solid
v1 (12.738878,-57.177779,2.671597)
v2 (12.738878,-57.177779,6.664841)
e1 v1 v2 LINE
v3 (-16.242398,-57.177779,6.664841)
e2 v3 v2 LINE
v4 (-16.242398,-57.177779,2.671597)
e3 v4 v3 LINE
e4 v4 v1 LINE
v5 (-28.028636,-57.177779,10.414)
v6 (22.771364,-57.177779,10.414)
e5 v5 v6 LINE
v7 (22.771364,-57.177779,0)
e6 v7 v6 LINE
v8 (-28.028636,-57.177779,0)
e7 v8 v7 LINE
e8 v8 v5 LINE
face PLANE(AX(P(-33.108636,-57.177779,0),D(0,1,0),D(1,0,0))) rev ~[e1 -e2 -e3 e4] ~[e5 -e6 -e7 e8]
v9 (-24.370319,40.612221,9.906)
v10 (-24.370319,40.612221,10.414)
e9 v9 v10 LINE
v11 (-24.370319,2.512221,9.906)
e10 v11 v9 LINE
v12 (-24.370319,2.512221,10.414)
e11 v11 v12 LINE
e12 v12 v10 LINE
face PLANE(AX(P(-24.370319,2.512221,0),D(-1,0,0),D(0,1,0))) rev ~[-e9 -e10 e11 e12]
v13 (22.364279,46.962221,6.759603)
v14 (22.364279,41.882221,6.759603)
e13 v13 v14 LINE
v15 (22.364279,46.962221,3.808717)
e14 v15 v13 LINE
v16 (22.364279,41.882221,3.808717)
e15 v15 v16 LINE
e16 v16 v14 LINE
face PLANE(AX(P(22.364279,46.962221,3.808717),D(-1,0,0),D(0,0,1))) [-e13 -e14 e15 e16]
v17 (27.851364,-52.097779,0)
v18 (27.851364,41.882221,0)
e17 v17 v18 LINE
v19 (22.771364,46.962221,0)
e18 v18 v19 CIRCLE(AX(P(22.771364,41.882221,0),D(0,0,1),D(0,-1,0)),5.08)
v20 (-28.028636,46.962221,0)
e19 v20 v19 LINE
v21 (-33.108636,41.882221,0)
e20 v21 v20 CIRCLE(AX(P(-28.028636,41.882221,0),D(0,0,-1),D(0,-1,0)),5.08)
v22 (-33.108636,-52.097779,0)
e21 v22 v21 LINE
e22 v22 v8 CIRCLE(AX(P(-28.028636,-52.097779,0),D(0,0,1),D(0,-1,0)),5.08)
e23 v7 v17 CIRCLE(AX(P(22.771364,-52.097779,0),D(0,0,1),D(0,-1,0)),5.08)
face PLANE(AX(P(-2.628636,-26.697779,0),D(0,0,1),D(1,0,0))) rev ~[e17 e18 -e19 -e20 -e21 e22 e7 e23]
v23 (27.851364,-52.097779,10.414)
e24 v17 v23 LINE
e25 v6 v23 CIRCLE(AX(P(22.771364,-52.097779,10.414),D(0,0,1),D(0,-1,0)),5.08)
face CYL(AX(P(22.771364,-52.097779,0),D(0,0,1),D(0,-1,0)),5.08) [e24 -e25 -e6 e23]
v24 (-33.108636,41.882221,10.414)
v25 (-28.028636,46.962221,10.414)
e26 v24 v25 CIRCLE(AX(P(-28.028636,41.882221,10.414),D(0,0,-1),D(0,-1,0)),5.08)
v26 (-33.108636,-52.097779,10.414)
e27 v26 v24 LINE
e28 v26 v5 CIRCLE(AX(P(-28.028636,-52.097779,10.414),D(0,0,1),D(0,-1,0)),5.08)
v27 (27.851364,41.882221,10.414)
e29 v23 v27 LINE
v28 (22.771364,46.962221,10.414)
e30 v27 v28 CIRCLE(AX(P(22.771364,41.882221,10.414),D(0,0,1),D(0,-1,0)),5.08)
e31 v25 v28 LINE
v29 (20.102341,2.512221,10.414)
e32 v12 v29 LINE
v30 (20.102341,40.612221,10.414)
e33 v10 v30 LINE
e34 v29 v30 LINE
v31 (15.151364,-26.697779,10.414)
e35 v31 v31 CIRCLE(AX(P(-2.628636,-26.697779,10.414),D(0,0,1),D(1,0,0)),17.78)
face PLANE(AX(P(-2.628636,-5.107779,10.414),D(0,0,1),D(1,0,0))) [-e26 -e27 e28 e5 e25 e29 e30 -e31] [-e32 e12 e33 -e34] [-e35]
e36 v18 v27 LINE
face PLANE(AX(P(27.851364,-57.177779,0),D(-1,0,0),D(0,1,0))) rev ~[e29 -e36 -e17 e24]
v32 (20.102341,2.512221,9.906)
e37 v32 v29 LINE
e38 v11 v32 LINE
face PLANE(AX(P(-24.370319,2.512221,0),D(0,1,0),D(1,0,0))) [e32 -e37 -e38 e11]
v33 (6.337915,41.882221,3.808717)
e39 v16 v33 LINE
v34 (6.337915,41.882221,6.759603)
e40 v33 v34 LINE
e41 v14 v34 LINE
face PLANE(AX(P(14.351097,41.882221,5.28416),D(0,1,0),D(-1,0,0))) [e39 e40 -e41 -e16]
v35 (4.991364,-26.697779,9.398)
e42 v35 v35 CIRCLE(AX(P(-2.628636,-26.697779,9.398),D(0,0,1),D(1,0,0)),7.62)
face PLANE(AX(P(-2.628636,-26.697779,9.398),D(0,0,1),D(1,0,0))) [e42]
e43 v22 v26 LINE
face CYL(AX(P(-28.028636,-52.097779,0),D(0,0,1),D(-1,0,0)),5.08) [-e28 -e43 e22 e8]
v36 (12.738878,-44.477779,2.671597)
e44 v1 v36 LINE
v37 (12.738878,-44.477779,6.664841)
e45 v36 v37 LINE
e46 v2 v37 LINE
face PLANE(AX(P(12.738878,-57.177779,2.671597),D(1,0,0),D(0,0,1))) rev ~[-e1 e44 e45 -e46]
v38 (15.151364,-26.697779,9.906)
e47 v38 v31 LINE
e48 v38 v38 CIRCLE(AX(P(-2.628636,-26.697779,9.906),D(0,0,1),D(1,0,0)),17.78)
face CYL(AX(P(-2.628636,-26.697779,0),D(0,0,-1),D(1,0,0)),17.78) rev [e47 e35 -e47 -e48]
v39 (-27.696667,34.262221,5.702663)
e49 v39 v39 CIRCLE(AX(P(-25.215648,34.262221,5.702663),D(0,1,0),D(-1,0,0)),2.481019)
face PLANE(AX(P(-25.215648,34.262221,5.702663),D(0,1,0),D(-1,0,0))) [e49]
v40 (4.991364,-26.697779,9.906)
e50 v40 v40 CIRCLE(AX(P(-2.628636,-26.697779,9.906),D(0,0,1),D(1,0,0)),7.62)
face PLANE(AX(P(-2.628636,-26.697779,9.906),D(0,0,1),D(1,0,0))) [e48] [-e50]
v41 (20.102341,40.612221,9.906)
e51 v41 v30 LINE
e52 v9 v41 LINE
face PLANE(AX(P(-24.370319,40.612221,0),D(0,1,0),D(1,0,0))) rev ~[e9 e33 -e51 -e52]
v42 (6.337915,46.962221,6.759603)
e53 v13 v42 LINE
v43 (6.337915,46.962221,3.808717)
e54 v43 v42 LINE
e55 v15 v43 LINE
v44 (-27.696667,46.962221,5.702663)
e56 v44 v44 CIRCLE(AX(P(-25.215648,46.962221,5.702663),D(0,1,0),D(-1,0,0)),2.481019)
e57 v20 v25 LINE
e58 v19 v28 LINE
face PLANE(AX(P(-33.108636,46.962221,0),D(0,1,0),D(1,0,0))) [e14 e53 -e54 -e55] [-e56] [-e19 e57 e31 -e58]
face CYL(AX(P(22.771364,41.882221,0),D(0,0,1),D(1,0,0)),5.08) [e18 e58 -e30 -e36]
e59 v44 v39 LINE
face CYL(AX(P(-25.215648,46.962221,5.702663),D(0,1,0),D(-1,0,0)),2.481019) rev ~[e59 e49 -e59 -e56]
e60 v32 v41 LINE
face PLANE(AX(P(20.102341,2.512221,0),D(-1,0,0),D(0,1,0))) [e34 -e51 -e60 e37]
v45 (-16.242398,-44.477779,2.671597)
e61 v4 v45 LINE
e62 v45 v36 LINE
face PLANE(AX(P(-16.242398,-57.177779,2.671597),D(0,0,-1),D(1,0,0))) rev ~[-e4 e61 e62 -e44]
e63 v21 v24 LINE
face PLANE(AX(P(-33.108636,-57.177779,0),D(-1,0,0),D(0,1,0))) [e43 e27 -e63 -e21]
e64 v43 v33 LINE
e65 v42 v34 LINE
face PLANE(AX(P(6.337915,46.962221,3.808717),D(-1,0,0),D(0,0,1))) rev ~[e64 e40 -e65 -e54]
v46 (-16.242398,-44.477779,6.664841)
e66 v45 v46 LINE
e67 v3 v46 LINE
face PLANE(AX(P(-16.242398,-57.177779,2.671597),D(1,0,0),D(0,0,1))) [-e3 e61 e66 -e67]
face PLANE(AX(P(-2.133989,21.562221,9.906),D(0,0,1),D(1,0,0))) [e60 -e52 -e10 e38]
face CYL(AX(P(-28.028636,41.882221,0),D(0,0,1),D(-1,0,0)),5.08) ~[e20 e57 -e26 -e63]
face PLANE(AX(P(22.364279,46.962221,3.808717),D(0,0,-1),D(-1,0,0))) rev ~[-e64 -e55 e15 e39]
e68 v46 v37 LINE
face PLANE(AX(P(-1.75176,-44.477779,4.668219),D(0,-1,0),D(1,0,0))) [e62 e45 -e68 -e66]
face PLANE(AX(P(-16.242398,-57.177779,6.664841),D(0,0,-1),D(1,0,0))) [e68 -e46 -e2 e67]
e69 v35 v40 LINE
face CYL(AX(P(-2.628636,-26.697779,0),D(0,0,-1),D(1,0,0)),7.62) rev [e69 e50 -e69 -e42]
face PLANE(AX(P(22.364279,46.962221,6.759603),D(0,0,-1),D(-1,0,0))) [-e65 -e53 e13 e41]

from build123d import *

# Parameters (mm, degrees)
F0_W     = 60.96
F0_H     = 104.14
F0_R     = 17.78
F0_W_2   = 44.47266
F0_H_2   = 38.1
F1_DEPTH = 10.414
F0_R_2   = 7.62
F2_DEPTH = 9.906
F3_DEPTH = 9.398
F4_W     = 16.026364
F4_H     = 2.950886
F5_DEPTH = 5.08
F4_R     = 2.481019
F6_DEPTH = 12.7
F7_R     = 5.08
F8_W     = 28.981276
F8_H     = 3.993245
F9_DEPTH = 12.7


with BuildPart() as f1:
    # F0 (on Top) → F1 (new body)
    with BuildSketch(Plane.XY):
        with Locations((-2.628636, -5.107779)):
            Rectangle(F0_W, F0_H)
        with Locations((-2.628636, -26.697779)):
            Circle(F0_R, mode=Mode.SUBTRACT)
        with Locations((-2.133989, 21.562221)):
            Rectangle(F0_W_2, F0_H_2, mode=Mode.SUBTRACT)
    extrude(amount=F1_DEPTH)

    # F0 (on Top) → F2 (join)
    with BuildSketch(Plane.XY):
        with Locations((-2.133989, 21.562221)):
            Rectangle(F0_W_2, F0_H_2)
        with Locations((-2.628636, -26.697779)):
            Circle(F0_R)
        with Locations((-2.628636, -26.697779)):
            Circle(F0_R_2, mode=Mode.SUBTRACT)
    extrude(amount=F2_DEPTH)

    # F0 (on Top) → F3 (join)
    with BuildSketch(Plane.XY):
        with Locations((-2.628636, -26.697779)):
            Circle(F0_R_2)
    extrude(amount=F3_DEPTH)

    # F4 (on face) → F5 (cut)
    with BuildSketch(Plane(origin=(0, 46.962221, 0), x_dir=(-1, 0, 0), z_dir=(0, 1, 0))):
        with Locations((-14.351097, 5.28416)):
            Rectangle(F4_W, F4_H)
    extrude(amount=-F5_DEPTH, mode=Mode.SUBTRACT)

    # F4 (on face) → F6 (cut)
    with BuildSketch(Plane(origin=(0, 46.962221, 0), x_dir=(-1, 0, 0), z_dir=(0, 1, 0))):
        with Locations((25.215648, 5.702663)):
            Circle(F4_R)
    extrude(amount=-F6_DEPTH, mode=Mode.SUBTRACT)

    # F7
    f7_edges = [f1.edges().sort_by_distance(p)[0] for p in [
        (-33.108636, 46.962221, 5.207),
        (27.851364, 46.962221, 5.207),
        (27.851364, -57.177779, 5.207),
        (-33.108636, -57.177779, 5.207),
    ]]
    fillet(f7_edges, radius=F7_R)

    # F8 (on face) → F9 (cut)
    with BuildSketch(Plane.XZ.offset(57.177779)):
        with Locations((-1.75176, 4.668219)):
            Rectangle(F8_W, F8_H)
    extrude(amount=-F9_DEPTH, mode=Mode.SUBTRACT)


solid = f1.part
